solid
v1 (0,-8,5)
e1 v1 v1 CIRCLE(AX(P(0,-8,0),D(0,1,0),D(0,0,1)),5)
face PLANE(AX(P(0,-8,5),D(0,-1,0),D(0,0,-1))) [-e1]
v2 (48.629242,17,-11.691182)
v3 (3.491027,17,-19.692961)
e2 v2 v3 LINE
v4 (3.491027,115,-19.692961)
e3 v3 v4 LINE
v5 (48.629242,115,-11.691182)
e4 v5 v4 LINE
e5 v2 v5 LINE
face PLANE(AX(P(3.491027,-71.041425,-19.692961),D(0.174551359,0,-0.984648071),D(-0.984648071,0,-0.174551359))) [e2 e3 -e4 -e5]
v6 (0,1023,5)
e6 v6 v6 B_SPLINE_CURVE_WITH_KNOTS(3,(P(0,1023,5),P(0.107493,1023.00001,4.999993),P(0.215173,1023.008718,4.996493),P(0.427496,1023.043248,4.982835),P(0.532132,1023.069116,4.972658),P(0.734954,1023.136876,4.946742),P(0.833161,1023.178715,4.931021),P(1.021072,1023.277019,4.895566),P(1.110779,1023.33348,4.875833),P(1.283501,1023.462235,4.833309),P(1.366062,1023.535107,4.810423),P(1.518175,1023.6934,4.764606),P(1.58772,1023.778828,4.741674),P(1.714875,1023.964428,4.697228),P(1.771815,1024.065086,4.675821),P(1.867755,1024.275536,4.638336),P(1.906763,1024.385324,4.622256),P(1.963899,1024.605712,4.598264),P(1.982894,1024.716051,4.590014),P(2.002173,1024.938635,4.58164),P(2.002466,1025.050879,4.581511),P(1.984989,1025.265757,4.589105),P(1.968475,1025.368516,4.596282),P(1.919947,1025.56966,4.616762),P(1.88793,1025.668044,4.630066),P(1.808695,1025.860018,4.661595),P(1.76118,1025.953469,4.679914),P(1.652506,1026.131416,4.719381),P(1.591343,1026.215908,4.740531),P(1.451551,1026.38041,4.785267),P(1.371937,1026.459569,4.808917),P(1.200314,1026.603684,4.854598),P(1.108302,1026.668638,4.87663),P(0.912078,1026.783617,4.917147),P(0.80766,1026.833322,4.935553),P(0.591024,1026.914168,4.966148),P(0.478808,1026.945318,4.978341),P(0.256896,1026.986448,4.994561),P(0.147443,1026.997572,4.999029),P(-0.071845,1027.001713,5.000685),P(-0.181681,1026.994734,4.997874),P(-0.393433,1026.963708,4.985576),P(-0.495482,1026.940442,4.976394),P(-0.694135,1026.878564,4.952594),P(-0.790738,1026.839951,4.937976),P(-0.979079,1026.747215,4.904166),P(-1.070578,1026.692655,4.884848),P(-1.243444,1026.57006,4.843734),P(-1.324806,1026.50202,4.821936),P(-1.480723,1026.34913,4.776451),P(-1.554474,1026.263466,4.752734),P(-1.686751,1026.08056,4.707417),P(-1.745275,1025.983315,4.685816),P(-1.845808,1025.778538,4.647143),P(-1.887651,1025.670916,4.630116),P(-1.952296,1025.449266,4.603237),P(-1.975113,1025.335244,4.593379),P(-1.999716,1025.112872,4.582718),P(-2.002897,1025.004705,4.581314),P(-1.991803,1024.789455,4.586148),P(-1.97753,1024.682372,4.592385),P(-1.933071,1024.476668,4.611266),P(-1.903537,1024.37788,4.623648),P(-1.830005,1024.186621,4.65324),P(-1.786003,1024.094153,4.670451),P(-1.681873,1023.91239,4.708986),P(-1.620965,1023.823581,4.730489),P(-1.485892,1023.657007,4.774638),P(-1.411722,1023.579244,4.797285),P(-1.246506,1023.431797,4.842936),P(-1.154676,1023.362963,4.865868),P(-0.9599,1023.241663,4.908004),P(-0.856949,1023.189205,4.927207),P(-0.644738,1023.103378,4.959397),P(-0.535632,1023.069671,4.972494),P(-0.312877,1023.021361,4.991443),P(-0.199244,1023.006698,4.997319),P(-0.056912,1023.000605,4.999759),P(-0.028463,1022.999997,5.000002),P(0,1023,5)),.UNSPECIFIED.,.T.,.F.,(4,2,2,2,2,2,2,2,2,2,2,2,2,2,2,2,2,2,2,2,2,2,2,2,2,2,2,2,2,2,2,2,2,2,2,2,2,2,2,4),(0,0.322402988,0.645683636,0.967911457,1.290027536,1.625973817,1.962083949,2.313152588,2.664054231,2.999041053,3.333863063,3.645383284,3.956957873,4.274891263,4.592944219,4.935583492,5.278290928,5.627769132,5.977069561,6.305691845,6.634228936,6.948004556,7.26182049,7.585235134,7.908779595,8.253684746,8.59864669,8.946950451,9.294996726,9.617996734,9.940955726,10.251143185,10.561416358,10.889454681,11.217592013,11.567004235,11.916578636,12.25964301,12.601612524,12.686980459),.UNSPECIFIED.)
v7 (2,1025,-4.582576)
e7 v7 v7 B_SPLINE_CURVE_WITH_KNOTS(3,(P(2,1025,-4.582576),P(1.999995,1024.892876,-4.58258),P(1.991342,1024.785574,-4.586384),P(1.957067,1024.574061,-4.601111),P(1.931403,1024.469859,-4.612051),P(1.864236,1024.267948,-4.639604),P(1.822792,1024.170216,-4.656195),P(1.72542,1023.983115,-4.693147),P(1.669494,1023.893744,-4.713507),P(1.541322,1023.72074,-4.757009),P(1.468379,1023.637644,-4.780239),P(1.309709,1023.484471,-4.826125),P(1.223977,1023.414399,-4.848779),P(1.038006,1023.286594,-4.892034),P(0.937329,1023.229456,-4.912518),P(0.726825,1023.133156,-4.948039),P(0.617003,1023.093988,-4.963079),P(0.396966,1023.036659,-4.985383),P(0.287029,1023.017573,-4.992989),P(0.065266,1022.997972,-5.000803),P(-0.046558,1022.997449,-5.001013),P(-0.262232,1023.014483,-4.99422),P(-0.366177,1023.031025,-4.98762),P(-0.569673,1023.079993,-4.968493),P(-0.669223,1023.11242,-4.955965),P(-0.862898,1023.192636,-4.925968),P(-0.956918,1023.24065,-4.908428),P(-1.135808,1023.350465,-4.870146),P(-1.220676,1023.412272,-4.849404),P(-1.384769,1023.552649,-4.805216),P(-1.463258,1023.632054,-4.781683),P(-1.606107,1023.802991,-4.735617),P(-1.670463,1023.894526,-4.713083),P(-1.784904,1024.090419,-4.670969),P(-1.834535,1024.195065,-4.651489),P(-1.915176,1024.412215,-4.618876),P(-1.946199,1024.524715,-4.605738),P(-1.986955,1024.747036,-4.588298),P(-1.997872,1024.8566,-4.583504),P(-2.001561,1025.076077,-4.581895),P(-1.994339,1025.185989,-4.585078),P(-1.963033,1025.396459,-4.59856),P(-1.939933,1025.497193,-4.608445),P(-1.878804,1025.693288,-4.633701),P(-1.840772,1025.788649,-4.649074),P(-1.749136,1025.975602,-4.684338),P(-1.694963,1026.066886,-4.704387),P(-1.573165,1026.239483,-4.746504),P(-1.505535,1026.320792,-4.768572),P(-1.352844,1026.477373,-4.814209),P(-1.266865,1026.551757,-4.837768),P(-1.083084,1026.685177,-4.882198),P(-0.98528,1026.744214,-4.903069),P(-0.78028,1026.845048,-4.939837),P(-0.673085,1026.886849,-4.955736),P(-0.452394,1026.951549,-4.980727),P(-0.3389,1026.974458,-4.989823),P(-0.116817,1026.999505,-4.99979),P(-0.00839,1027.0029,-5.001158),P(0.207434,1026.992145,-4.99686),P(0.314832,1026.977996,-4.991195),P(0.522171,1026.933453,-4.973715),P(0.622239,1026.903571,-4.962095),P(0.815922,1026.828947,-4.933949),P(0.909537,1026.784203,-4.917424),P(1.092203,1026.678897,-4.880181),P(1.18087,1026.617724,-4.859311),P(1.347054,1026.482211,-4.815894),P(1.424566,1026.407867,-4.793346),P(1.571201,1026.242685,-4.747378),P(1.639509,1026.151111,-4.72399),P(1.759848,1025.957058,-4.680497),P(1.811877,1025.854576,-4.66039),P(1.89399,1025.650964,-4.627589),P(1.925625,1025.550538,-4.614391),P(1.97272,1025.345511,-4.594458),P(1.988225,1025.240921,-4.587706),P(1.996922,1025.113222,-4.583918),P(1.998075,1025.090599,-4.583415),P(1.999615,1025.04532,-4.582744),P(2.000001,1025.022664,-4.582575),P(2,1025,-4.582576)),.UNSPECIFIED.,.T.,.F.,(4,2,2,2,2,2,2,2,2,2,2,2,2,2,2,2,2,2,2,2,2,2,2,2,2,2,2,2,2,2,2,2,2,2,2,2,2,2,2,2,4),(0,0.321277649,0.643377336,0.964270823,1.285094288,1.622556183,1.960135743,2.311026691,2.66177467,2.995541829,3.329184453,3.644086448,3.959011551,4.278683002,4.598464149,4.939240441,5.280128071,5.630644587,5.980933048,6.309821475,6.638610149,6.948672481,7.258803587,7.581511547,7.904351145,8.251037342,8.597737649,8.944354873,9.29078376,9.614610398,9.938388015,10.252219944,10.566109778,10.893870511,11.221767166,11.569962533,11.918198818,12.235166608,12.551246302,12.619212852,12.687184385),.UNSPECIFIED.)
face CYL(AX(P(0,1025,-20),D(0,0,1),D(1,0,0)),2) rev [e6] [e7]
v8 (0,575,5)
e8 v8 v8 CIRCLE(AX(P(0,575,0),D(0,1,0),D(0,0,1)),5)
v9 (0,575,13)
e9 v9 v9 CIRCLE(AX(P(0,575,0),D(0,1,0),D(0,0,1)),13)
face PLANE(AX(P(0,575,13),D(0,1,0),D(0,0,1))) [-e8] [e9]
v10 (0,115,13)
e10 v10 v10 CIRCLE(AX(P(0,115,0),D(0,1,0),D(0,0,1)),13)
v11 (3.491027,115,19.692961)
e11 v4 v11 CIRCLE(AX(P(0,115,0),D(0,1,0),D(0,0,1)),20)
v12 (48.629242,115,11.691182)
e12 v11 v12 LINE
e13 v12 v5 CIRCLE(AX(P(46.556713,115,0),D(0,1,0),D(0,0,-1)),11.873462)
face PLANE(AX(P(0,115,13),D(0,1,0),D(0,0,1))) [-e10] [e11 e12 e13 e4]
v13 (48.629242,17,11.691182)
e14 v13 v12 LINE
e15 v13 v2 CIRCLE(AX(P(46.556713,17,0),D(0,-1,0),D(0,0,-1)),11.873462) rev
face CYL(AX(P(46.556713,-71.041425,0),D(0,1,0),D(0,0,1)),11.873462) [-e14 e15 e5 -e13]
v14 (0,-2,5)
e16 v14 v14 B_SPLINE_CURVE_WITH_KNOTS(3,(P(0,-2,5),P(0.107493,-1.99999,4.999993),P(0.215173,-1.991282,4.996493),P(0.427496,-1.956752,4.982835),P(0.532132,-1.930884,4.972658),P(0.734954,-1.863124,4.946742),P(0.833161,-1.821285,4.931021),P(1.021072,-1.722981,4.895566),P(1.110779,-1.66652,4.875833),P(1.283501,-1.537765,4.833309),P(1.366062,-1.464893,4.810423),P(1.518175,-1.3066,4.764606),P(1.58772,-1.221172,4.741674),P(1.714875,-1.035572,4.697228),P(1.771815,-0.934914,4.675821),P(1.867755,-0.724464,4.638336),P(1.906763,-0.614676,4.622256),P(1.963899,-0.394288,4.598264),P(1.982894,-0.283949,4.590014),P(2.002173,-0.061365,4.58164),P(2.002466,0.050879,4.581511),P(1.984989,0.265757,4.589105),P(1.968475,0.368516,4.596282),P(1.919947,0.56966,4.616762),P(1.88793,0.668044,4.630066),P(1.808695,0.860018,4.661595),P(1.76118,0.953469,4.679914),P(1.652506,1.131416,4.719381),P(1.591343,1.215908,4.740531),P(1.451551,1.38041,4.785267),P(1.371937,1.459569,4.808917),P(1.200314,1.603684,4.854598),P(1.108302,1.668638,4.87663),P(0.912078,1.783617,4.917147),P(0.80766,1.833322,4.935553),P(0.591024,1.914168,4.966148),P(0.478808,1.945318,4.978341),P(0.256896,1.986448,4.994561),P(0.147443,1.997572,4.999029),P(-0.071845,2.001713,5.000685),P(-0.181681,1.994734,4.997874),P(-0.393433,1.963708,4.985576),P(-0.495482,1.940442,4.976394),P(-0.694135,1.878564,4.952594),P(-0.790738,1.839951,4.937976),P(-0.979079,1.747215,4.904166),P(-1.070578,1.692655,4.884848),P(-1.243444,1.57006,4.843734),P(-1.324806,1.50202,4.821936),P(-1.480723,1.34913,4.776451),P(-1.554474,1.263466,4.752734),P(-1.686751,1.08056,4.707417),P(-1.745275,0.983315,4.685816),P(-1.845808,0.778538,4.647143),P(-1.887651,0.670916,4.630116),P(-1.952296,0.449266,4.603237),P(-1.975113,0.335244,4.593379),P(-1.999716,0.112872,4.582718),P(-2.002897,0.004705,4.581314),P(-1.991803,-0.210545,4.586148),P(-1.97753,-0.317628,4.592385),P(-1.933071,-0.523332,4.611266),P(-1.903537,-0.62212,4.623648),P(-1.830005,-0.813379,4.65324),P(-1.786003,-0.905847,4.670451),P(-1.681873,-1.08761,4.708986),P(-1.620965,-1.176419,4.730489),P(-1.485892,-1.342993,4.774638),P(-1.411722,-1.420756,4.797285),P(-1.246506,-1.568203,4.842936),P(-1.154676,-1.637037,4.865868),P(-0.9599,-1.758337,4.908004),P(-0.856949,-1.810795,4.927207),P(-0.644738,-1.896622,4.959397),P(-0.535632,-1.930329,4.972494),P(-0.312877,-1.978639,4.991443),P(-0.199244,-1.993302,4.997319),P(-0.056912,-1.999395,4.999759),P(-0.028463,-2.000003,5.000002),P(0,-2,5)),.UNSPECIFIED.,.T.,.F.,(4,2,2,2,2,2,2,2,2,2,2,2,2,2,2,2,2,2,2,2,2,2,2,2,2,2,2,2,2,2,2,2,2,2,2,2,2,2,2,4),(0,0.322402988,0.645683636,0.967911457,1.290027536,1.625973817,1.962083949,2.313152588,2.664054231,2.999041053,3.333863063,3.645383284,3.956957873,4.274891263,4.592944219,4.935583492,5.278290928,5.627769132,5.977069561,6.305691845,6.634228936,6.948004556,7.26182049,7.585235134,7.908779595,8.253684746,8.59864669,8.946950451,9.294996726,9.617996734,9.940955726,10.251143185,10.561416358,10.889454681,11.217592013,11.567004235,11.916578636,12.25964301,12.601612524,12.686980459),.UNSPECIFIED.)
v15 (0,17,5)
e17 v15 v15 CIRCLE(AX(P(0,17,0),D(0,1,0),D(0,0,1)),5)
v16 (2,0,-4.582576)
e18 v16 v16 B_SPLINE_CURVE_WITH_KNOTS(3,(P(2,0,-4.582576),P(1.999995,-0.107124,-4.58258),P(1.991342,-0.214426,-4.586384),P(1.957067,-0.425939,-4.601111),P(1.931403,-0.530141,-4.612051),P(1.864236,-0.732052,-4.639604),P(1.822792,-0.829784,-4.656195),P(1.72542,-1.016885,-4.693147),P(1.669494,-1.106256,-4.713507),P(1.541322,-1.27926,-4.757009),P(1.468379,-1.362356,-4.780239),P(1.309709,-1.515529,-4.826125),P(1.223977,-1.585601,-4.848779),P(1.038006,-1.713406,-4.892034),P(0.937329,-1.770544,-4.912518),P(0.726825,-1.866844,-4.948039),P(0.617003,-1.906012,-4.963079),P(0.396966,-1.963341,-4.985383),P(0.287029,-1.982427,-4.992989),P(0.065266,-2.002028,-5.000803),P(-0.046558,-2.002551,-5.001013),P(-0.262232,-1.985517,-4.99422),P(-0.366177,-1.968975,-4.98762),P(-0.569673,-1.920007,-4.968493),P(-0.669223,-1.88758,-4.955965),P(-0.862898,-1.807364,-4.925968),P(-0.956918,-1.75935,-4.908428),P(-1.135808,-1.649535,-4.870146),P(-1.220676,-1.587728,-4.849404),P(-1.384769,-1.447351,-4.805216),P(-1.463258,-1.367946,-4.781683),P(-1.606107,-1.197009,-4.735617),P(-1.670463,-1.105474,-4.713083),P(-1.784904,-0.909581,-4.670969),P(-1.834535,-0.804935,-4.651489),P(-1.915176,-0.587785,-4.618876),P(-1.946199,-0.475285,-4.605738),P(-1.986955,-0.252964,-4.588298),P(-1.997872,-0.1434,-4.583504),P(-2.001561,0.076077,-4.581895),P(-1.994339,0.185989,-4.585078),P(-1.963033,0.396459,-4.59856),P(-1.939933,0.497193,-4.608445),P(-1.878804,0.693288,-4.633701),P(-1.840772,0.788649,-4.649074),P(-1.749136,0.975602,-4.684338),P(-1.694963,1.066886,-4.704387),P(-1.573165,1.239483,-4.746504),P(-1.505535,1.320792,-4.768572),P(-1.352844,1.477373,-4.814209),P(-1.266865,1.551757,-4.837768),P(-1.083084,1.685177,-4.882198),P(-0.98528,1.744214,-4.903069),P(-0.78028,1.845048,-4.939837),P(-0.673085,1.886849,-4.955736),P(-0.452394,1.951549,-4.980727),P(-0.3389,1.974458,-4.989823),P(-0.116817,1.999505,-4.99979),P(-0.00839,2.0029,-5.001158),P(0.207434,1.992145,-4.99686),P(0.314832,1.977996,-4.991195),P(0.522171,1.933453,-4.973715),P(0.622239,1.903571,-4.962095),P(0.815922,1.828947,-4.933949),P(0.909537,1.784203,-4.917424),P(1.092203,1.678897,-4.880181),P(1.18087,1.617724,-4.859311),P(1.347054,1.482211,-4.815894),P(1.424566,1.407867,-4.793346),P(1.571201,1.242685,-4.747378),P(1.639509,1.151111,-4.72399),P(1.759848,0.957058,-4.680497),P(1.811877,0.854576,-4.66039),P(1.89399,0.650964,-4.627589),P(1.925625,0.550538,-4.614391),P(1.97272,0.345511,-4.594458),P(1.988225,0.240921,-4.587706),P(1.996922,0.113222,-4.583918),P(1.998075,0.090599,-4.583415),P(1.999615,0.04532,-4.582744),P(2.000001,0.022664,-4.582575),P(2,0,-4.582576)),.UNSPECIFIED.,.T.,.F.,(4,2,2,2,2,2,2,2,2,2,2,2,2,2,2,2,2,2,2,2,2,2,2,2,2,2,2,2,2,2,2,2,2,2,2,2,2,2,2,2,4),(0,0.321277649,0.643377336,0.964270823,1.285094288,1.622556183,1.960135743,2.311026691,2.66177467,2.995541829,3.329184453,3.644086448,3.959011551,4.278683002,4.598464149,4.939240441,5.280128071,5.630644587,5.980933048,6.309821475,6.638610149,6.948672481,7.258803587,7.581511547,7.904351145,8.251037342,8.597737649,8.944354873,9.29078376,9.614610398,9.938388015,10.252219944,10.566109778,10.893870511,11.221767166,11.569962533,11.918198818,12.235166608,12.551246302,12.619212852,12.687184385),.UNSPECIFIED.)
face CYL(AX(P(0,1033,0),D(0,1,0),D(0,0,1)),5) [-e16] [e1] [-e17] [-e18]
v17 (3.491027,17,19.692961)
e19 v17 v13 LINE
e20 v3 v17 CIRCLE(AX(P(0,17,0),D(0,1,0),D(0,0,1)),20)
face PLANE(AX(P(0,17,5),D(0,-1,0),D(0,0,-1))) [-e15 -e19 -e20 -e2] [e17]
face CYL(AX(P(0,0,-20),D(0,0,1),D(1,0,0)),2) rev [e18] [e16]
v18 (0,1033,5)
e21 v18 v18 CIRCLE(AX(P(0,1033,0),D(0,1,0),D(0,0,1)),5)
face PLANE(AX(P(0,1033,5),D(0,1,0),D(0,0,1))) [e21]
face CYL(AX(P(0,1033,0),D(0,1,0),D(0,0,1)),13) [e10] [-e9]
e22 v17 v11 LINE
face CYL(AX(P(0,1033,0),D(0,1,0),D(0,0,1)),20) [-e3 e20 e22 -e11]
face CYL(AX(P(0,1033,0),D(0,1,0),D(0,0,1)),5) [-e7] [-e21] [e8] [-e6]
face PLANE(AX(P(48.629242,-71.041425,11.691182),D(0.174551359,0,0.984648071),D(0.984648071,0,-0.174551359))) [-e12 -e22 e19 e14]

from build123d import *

# Parameters (mm, degrees)
CUT_EXTRUDE2_DEPTH      = 1034.387149136
CUT_EXTRUDE2_DEPTH_BACK = 1034.387149136
SKETCH8_R               = 2
BOSS_EXTRUDE4_DEPTH     = 98


with BuildPart() as part:
    # Sketch7 → Revolve2 (revolve)
    with BuildSketch(Plane(origin=(0, 0, 0), x_dir=(0, 0, -1), z_dir=(1, 0, 0))):
        Polygon((-20, 17), (-20, 115), (-13, 115), (-13, 575), (-5, 575), (-5, 1033), (0, 1033), (0, -8), (-5, -8), (-5, 17), align=None)
    revolve(axis=Axis((0, 1033, 0), (0, -1, 0)))

    # Sketch8 → Cut-Extrude2 (cut, two sides: drawn at the far end of the back side and taken through both)
    with BuildSketch(Plane.XY.offset(-CUT_EXTRUDE2_DEPTH_BACK)):
        with Locations((0, 1025)):
            Circle(SKETCH8_R)
        Circle(SKETCH8_R)
    extrude(amount=CUT_EXTRUDE2_DEPTH + CUT_EXTRUDE2_DEPTH_BACK, mode=Mode.SUBTRACT)

    # Sketch10 → Boss-Extrude4 (add)
    with BuildSketch(Plane(origin=(0, 115, 0), x_dir=(1, 0, 0), z_dir=(0, 1, 0))):
        with BuildLine():
            Line((3.491027189, 19.692961412), (48.629242089, 11.691181882))
            ThreePointArc((48.629242089, 11.691181882), (58.430175518, 0), (48.629242089, -11.691181882))
            Line((48.629242089, -11.691181882), (3.491027189, -19.692961412))
            ThreePointArc((3.491027189, -19.692961412), (-20, 0), (3.491027189, 19.692961412))
        make_face()
    extrude(amount=-BOSS_EXTRUDE4_DEPTH)


solid = part.part
